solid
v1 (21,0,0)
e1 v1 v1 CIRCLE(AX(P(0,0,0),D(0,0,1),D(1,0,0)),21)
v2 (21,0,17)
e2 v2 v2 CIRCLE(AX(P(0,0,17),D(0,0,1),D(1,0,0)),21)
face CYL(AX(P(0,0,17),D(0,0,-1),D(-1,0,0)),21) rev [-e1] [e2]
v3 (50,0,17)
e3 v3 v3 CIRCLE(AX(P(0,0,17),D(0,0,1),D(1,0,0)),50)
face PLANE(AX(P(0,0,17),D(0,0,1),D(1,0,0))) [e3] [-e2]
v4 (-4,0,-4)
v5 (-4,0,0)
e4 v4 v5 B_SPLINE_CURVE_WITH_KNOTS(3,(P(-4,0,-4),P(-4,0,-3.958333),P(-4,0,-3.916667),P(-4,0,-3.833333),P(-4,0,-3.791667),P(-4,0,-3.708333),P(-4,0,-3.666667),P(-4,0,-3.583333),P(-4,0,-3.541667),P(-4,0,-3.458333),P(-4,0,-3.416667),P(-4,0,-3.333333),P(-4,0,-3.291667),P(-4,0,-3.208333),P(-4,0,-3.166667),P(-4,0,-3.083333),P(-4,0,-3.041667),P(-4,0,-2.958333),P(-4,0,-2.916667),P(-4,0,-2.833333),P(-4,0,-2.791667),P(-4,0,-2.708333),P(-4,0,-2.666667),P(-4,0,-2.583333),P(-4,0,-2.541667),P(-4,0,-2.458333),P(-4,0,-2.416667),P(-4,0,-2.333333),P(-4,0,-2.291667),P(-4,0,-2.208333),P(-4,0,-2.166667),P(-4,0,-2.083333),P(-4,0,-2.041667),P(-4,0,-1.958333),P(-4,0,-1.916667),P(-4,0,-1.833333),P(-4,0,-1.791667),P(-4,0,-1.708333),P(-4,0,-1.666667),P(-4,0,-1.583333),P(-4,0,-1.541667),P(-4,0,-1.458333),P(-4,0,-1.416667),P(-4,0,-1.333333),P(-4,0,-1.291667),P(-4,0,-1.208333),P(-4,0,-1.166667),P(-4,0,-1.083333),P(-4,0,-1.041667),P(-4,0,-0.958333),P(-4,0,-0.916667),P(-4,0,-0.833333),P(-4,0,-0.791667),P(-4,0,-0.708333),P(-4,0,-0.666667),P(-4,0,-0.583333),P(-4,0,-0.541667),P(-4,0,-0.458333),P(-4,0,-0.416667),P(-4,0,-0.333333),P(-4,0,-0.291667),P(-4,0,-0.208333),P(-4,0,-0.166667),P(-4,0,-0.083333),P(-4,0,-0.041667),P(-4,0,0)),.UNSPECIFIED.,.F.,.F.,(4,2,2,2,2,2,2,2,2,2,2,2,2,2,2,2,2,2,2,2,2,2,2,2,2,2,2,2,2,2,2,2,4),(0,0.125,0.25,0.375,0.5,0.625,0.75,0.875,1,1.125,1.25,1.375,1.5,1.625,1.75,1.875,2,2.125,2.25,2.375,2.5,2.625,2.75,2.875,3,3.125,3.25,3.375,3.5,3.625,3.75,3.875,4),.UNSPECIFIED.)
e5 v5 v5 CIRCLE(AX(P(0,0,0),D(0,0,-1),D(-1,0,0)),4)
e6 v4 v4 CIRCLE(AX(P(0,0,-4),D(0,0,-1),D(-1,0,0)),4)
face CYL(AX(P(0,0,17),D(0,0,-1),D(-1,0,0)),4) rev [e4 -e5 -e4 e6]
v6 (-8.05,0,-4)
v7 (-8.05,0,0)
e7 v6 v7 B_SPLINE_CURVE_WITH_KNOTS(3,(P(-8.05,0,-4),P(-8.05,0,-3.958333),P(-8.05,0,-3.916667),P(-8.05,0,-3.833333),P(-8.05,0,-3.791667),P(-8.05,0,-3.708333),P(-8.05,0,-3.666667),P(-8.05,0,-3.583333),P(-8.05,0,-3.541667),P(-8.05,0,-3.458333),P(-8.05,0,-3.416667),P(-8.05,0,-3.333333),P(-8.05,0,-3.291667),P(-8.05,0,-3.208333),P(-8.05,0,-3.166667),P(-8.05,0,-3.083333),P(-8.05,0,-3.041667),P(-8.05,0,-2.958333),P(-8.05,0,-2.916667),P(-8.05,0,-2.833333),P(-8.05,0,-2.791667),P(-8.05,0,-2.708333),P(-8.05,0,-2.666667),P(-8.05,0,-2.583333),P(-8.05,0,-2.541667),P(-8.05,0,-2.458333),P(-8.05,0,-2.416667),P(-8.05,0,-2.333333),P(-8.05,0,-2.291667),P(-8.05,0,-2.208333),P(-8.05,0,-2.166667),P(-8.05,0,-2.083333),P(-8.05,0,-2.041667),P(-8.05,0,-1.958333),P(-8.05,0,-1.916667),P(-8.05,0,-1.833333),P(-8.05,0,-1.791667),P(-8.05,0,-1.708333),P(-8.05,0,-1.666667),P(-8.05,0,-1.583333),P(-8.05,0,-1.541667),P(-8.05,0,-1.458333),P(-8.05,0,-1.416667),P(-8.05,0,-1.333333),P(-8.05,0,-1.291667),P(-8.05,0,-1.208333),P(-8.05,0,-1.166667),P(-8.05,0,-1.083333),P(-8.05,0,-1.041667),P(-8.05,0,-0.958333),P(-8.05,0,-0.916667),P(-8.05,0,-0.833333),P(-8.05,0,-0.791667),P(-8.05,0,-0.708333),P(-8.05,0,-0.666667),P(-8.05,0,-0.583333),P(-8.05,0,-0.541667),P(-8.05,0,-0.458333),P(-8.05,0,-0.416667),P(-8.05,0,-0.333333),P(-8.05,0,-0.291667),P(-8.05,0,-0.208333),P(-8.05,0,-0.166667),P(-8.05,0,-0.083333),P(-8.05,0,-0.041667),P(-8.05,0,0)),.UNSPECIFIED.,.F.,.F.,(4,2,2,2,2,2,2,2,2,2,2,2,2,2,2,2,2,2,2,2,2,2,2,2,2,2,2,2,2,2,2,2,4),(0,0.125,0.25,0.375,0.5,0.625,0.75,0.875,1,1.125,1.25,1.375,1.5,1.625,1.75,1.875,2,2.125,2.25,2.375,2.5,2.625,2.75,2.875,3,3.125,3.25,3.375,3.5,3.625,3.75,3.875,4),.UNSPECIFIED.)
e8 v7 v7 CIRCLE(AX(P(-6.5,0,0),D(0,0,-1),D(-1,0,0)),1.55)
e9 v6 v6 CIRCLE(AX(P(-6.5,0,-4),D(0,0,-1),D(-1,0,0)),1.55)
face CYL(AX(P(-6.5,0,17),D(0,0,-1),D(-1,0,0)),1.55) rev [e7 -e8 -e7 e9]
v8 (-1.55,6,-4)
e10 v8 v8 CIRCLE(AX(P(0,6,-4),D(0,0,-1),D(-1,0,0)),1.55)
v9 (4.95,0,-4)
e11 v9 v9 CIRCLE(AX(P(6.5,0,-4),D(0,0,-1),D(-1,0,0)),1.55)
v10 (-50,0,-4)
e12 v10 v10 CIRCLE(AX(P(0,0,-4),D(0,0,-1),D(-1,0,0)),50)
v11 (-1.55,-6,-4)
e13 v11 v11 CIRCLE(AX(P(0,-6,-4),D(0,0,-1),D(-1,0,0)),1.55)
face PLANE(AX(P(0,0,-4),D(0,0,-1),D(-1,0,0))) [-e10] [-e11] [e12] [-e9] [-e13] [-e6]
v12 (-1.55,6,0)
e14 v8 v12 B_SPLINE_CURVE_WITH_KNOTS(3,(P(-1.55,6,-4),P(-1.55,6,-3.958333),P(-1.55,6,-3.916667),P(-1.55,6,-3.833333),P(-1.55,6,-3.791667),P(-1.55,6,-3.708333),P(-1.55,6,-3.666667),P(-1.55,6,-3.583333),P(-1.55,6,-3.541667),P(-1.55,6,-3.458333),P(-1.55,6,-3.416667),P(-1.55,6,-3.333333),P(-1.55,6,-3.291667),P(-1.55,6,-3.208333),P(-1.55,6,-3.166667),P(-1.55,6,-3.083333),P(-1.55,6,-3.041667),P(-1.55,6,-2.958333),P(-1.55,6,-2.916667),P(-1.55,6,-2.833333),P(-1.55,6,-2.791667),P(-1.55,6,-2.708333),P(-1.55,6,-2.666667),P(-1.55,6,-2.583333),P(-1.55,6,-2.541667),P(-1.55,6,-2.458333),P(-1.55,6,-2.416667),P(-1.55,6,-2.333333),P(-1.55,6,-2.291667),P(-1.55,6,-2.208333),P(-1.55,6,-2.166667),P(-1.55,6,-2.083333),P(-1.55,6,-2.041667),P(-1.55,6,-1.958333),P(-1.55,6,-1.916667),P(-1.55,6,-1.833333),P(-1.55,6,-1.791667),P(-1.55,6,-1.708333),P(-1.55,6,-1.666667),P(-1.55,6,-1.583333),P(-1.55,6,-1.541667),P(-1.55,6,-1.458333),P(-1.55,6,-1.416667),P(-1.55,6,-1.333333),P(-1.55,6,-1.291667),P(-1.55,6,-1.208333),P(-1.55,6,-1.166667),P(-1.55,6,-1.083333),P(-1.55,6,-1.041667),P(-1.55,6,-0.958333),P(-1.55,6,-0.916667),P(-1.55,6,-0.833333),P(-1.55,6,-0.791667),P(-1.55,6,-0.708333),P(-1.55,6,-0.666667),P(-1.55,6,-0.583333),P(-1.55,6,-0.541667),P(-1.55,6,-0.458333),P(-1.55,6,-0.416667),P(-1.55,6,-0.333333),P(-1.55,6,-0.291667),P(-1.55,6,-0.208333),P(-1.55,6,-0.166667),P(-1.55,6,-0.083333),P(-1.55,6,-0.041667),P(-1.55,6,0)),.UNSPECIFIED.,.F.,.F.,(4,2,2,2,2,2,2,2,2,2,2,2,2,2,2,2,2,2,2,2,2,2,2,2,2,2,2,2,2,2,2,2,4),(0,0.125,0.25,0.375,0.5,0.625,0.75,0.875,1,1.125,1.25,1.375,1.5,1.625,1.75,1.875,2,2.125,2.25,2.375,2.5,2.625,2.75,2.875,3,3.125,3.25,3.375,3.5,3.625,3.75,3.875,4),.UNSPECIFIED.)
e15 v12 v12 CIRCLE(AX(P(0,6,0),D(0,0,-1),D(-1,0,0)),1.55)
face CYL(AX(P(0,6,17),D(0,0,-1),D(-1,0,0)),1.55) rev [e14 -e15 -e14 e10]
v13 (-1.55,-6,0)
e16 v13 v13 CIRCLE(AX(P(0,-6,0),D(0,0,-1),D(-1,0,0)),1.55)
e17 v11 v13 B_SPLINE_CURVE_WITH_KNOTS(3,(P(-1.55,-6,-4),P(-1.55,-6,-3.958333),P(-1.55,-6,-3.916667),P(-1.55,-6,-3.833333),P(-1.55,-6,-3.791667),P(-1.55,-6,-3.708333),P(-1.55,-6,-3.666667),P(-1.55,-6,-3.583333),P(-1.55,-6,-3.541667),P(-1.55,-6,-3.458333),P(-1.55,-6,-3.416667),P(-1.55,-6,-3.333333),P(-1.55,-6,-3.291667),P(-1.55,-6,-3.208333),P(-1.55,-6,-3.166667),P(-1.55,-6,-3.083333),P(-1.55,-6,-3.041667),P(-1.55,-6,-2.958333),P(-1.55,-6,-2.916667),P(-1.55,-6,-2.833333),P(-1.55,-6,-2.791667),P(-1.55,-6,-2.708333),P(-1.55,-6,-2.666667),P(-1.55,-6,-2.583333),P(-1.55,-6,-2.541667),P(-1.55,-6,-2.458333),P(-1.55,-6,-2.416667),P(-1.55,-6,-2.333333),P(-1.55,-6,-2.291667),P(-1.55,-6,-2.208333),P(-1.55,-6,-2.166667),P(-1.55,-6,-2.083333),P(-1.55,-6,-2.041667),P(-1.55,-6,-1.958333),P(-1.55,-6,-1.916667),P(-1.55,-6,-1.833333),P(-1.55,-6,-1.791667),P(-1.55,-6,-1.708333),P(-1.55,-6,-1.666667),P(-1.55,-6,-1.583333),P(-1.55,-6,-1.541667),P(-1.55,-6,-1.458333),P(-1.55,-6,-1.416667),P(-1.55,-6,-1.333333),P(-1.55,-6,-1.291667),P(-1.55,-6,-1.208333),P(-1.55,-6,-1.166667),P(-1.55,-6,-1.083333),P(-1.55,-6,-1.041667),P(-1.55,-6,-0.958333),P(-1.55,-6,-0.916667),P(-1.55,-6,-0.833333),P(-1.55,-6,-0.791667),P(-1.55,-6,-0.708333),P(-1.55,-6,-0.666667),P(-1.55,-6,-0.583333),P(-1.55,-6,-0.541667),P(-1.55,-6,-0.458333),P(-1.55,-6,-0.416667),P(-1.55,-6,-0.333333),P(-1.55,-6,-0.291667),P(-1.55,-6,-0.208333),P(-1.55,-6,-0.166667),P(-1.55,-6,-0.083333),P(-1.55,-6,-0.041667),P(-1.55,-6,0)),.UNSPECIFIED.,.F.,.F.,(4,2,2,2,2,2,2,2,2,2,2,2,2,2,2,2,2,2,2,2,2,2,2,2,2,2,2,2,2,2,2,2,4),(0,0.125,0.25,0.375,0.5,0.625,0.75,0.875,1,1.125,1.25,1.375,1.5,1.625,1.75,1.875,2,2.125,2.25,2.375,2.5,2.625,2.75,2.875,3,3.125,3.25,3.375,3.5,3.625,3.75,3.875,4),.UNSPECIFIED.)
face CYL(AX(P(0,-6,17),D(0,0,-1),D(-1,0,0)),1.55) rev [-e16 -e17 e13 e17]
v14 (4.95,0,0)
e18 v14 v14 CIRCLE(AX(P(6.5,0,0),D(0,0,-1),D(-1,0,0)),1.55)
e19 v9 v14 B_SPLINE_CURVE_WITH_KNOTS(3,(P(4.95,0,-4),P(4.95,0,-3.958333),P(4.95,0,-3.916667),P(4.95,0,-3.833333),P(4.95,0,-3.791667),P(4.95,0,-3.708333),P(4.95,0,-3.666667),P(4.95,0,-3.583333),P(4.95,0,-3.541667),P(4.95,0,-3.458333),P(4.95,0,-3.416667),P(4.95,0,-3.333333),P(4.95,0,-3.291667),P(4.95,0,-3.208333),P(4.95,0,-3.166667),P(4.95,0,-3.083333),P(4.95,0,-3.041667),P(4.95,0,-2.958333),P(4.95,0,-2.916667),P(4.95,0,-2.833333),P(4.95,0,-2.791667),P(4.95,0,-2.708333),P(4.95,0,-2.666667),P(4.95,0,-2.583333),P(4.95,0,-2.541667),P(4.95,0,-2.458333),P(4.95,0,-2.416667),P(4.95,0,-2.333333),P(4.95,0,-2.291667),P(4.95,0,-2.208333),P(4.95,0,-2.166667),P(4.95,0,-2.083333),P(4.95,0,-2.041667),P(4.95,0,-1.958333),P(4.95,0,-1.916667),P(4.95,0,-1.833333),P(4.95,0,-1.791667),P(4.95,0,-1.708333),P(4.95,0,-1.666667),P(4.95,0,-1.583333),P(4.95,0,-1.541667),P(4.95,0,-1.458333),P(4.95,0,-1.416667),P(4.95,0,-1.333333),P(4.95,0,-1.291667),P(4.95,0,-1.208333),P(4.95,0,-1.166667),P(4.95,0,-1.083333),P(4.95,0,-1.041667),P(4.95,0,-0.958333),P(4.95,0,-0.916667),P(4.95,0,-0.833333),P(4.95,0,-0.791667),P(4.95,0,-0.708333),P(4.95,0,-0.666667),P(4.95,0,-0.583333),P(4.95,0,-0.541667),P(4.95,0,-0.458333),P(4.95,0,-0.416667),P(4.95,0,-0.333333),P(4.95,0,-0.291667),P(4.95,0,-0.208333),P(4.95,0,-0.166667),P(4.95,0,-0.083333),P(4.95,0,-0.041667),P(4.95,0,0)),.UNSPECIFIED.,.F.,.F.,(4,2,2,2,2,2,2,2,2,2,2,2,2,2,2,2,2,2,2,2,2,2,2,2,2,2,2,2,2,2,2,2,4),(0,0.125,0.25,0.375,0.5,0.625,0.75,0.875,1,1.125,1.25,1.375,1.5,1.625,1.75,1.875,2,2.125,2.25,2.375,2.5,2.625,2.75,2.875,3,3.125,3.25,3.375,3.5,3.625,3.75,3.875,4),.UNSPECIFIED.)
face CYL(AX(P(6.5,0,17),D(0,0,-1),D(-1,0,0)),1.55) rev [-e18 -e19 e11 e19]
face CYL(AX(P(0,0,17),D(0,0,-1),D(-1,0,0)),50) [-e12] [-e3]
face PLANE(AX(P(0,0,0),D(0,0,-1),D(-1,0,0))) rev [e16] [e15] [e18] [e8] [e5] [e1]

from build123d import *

# Parameters (mm, degrees)
SKETCH_1_R               = 50
SKETCH_1_R_2             = 21
EXTRUDE_1_DEPTH          = 17
EXTRUDE_START            = 4
SKETCH_2_R               = 50
EXTRUDE_2_DEPTH          = 4
CUT_EXTRUDE_1_DEPTH      = 74.763134424
CUT_EXTRUDE_1_DEPTH_BACK = 74.763134424
SKETCH_3_R               = 4
SKETCH_3_R_2             = 1.55


with BuildPart() as part:
    # 草图1 → 凸台-拉伸1 (new body)
    with BuildSketch(Plane.XY):
        Circle(SKETCH_1_R)
        Circle(SKETCH_1_R_2, mode=Mode.SUBTRACT)
    extrude(amount=EXTRUDE_1_DEPTH)

    # 草图2 → 凸台-拉伸2 (add)
    with BuildSketch(Plane(origin=(0, 0, 0), x_dir=(-1, 0, 0), z_dir=(0, 0, -1)).offset(EXTRUDE_START)):
        Circle(SKETCH_2_R)
    extrude(amount=-EXTRUDE_2_DEPTH)

    # 草图3 → 切除-拉伸1 (cut, two sides: drawn at the far end of the back side and taken through both)
    with BuildSketch(Plane(origin=(0, 0, -4), x_dir=(-1, 0, 0), z_dir=(0, 0, -1)).offset(-CUT_EXTRUDE_1_DEPTH_BACK)):
        Circle(SKETCH_3_R)
        with Locations((0, 6)):
            Circle(SKETCH_3_R_2)
        with Locations((0, -6)):
            Circle(SKETCH_3_R_2)
        with Locations((-6.5, 0)):
            Circle(SKETCH_3_R_2)
        with Locations((6.5, 0)):
            Circle(SKETCH_3_R_2)
    extrude(amount=CUT_EXTRUDE_1_DEPTH + CUT_EXTRUDE_1_DEPTH_BACK, mode=Mode.SUBTRACT)


solid = part.part
